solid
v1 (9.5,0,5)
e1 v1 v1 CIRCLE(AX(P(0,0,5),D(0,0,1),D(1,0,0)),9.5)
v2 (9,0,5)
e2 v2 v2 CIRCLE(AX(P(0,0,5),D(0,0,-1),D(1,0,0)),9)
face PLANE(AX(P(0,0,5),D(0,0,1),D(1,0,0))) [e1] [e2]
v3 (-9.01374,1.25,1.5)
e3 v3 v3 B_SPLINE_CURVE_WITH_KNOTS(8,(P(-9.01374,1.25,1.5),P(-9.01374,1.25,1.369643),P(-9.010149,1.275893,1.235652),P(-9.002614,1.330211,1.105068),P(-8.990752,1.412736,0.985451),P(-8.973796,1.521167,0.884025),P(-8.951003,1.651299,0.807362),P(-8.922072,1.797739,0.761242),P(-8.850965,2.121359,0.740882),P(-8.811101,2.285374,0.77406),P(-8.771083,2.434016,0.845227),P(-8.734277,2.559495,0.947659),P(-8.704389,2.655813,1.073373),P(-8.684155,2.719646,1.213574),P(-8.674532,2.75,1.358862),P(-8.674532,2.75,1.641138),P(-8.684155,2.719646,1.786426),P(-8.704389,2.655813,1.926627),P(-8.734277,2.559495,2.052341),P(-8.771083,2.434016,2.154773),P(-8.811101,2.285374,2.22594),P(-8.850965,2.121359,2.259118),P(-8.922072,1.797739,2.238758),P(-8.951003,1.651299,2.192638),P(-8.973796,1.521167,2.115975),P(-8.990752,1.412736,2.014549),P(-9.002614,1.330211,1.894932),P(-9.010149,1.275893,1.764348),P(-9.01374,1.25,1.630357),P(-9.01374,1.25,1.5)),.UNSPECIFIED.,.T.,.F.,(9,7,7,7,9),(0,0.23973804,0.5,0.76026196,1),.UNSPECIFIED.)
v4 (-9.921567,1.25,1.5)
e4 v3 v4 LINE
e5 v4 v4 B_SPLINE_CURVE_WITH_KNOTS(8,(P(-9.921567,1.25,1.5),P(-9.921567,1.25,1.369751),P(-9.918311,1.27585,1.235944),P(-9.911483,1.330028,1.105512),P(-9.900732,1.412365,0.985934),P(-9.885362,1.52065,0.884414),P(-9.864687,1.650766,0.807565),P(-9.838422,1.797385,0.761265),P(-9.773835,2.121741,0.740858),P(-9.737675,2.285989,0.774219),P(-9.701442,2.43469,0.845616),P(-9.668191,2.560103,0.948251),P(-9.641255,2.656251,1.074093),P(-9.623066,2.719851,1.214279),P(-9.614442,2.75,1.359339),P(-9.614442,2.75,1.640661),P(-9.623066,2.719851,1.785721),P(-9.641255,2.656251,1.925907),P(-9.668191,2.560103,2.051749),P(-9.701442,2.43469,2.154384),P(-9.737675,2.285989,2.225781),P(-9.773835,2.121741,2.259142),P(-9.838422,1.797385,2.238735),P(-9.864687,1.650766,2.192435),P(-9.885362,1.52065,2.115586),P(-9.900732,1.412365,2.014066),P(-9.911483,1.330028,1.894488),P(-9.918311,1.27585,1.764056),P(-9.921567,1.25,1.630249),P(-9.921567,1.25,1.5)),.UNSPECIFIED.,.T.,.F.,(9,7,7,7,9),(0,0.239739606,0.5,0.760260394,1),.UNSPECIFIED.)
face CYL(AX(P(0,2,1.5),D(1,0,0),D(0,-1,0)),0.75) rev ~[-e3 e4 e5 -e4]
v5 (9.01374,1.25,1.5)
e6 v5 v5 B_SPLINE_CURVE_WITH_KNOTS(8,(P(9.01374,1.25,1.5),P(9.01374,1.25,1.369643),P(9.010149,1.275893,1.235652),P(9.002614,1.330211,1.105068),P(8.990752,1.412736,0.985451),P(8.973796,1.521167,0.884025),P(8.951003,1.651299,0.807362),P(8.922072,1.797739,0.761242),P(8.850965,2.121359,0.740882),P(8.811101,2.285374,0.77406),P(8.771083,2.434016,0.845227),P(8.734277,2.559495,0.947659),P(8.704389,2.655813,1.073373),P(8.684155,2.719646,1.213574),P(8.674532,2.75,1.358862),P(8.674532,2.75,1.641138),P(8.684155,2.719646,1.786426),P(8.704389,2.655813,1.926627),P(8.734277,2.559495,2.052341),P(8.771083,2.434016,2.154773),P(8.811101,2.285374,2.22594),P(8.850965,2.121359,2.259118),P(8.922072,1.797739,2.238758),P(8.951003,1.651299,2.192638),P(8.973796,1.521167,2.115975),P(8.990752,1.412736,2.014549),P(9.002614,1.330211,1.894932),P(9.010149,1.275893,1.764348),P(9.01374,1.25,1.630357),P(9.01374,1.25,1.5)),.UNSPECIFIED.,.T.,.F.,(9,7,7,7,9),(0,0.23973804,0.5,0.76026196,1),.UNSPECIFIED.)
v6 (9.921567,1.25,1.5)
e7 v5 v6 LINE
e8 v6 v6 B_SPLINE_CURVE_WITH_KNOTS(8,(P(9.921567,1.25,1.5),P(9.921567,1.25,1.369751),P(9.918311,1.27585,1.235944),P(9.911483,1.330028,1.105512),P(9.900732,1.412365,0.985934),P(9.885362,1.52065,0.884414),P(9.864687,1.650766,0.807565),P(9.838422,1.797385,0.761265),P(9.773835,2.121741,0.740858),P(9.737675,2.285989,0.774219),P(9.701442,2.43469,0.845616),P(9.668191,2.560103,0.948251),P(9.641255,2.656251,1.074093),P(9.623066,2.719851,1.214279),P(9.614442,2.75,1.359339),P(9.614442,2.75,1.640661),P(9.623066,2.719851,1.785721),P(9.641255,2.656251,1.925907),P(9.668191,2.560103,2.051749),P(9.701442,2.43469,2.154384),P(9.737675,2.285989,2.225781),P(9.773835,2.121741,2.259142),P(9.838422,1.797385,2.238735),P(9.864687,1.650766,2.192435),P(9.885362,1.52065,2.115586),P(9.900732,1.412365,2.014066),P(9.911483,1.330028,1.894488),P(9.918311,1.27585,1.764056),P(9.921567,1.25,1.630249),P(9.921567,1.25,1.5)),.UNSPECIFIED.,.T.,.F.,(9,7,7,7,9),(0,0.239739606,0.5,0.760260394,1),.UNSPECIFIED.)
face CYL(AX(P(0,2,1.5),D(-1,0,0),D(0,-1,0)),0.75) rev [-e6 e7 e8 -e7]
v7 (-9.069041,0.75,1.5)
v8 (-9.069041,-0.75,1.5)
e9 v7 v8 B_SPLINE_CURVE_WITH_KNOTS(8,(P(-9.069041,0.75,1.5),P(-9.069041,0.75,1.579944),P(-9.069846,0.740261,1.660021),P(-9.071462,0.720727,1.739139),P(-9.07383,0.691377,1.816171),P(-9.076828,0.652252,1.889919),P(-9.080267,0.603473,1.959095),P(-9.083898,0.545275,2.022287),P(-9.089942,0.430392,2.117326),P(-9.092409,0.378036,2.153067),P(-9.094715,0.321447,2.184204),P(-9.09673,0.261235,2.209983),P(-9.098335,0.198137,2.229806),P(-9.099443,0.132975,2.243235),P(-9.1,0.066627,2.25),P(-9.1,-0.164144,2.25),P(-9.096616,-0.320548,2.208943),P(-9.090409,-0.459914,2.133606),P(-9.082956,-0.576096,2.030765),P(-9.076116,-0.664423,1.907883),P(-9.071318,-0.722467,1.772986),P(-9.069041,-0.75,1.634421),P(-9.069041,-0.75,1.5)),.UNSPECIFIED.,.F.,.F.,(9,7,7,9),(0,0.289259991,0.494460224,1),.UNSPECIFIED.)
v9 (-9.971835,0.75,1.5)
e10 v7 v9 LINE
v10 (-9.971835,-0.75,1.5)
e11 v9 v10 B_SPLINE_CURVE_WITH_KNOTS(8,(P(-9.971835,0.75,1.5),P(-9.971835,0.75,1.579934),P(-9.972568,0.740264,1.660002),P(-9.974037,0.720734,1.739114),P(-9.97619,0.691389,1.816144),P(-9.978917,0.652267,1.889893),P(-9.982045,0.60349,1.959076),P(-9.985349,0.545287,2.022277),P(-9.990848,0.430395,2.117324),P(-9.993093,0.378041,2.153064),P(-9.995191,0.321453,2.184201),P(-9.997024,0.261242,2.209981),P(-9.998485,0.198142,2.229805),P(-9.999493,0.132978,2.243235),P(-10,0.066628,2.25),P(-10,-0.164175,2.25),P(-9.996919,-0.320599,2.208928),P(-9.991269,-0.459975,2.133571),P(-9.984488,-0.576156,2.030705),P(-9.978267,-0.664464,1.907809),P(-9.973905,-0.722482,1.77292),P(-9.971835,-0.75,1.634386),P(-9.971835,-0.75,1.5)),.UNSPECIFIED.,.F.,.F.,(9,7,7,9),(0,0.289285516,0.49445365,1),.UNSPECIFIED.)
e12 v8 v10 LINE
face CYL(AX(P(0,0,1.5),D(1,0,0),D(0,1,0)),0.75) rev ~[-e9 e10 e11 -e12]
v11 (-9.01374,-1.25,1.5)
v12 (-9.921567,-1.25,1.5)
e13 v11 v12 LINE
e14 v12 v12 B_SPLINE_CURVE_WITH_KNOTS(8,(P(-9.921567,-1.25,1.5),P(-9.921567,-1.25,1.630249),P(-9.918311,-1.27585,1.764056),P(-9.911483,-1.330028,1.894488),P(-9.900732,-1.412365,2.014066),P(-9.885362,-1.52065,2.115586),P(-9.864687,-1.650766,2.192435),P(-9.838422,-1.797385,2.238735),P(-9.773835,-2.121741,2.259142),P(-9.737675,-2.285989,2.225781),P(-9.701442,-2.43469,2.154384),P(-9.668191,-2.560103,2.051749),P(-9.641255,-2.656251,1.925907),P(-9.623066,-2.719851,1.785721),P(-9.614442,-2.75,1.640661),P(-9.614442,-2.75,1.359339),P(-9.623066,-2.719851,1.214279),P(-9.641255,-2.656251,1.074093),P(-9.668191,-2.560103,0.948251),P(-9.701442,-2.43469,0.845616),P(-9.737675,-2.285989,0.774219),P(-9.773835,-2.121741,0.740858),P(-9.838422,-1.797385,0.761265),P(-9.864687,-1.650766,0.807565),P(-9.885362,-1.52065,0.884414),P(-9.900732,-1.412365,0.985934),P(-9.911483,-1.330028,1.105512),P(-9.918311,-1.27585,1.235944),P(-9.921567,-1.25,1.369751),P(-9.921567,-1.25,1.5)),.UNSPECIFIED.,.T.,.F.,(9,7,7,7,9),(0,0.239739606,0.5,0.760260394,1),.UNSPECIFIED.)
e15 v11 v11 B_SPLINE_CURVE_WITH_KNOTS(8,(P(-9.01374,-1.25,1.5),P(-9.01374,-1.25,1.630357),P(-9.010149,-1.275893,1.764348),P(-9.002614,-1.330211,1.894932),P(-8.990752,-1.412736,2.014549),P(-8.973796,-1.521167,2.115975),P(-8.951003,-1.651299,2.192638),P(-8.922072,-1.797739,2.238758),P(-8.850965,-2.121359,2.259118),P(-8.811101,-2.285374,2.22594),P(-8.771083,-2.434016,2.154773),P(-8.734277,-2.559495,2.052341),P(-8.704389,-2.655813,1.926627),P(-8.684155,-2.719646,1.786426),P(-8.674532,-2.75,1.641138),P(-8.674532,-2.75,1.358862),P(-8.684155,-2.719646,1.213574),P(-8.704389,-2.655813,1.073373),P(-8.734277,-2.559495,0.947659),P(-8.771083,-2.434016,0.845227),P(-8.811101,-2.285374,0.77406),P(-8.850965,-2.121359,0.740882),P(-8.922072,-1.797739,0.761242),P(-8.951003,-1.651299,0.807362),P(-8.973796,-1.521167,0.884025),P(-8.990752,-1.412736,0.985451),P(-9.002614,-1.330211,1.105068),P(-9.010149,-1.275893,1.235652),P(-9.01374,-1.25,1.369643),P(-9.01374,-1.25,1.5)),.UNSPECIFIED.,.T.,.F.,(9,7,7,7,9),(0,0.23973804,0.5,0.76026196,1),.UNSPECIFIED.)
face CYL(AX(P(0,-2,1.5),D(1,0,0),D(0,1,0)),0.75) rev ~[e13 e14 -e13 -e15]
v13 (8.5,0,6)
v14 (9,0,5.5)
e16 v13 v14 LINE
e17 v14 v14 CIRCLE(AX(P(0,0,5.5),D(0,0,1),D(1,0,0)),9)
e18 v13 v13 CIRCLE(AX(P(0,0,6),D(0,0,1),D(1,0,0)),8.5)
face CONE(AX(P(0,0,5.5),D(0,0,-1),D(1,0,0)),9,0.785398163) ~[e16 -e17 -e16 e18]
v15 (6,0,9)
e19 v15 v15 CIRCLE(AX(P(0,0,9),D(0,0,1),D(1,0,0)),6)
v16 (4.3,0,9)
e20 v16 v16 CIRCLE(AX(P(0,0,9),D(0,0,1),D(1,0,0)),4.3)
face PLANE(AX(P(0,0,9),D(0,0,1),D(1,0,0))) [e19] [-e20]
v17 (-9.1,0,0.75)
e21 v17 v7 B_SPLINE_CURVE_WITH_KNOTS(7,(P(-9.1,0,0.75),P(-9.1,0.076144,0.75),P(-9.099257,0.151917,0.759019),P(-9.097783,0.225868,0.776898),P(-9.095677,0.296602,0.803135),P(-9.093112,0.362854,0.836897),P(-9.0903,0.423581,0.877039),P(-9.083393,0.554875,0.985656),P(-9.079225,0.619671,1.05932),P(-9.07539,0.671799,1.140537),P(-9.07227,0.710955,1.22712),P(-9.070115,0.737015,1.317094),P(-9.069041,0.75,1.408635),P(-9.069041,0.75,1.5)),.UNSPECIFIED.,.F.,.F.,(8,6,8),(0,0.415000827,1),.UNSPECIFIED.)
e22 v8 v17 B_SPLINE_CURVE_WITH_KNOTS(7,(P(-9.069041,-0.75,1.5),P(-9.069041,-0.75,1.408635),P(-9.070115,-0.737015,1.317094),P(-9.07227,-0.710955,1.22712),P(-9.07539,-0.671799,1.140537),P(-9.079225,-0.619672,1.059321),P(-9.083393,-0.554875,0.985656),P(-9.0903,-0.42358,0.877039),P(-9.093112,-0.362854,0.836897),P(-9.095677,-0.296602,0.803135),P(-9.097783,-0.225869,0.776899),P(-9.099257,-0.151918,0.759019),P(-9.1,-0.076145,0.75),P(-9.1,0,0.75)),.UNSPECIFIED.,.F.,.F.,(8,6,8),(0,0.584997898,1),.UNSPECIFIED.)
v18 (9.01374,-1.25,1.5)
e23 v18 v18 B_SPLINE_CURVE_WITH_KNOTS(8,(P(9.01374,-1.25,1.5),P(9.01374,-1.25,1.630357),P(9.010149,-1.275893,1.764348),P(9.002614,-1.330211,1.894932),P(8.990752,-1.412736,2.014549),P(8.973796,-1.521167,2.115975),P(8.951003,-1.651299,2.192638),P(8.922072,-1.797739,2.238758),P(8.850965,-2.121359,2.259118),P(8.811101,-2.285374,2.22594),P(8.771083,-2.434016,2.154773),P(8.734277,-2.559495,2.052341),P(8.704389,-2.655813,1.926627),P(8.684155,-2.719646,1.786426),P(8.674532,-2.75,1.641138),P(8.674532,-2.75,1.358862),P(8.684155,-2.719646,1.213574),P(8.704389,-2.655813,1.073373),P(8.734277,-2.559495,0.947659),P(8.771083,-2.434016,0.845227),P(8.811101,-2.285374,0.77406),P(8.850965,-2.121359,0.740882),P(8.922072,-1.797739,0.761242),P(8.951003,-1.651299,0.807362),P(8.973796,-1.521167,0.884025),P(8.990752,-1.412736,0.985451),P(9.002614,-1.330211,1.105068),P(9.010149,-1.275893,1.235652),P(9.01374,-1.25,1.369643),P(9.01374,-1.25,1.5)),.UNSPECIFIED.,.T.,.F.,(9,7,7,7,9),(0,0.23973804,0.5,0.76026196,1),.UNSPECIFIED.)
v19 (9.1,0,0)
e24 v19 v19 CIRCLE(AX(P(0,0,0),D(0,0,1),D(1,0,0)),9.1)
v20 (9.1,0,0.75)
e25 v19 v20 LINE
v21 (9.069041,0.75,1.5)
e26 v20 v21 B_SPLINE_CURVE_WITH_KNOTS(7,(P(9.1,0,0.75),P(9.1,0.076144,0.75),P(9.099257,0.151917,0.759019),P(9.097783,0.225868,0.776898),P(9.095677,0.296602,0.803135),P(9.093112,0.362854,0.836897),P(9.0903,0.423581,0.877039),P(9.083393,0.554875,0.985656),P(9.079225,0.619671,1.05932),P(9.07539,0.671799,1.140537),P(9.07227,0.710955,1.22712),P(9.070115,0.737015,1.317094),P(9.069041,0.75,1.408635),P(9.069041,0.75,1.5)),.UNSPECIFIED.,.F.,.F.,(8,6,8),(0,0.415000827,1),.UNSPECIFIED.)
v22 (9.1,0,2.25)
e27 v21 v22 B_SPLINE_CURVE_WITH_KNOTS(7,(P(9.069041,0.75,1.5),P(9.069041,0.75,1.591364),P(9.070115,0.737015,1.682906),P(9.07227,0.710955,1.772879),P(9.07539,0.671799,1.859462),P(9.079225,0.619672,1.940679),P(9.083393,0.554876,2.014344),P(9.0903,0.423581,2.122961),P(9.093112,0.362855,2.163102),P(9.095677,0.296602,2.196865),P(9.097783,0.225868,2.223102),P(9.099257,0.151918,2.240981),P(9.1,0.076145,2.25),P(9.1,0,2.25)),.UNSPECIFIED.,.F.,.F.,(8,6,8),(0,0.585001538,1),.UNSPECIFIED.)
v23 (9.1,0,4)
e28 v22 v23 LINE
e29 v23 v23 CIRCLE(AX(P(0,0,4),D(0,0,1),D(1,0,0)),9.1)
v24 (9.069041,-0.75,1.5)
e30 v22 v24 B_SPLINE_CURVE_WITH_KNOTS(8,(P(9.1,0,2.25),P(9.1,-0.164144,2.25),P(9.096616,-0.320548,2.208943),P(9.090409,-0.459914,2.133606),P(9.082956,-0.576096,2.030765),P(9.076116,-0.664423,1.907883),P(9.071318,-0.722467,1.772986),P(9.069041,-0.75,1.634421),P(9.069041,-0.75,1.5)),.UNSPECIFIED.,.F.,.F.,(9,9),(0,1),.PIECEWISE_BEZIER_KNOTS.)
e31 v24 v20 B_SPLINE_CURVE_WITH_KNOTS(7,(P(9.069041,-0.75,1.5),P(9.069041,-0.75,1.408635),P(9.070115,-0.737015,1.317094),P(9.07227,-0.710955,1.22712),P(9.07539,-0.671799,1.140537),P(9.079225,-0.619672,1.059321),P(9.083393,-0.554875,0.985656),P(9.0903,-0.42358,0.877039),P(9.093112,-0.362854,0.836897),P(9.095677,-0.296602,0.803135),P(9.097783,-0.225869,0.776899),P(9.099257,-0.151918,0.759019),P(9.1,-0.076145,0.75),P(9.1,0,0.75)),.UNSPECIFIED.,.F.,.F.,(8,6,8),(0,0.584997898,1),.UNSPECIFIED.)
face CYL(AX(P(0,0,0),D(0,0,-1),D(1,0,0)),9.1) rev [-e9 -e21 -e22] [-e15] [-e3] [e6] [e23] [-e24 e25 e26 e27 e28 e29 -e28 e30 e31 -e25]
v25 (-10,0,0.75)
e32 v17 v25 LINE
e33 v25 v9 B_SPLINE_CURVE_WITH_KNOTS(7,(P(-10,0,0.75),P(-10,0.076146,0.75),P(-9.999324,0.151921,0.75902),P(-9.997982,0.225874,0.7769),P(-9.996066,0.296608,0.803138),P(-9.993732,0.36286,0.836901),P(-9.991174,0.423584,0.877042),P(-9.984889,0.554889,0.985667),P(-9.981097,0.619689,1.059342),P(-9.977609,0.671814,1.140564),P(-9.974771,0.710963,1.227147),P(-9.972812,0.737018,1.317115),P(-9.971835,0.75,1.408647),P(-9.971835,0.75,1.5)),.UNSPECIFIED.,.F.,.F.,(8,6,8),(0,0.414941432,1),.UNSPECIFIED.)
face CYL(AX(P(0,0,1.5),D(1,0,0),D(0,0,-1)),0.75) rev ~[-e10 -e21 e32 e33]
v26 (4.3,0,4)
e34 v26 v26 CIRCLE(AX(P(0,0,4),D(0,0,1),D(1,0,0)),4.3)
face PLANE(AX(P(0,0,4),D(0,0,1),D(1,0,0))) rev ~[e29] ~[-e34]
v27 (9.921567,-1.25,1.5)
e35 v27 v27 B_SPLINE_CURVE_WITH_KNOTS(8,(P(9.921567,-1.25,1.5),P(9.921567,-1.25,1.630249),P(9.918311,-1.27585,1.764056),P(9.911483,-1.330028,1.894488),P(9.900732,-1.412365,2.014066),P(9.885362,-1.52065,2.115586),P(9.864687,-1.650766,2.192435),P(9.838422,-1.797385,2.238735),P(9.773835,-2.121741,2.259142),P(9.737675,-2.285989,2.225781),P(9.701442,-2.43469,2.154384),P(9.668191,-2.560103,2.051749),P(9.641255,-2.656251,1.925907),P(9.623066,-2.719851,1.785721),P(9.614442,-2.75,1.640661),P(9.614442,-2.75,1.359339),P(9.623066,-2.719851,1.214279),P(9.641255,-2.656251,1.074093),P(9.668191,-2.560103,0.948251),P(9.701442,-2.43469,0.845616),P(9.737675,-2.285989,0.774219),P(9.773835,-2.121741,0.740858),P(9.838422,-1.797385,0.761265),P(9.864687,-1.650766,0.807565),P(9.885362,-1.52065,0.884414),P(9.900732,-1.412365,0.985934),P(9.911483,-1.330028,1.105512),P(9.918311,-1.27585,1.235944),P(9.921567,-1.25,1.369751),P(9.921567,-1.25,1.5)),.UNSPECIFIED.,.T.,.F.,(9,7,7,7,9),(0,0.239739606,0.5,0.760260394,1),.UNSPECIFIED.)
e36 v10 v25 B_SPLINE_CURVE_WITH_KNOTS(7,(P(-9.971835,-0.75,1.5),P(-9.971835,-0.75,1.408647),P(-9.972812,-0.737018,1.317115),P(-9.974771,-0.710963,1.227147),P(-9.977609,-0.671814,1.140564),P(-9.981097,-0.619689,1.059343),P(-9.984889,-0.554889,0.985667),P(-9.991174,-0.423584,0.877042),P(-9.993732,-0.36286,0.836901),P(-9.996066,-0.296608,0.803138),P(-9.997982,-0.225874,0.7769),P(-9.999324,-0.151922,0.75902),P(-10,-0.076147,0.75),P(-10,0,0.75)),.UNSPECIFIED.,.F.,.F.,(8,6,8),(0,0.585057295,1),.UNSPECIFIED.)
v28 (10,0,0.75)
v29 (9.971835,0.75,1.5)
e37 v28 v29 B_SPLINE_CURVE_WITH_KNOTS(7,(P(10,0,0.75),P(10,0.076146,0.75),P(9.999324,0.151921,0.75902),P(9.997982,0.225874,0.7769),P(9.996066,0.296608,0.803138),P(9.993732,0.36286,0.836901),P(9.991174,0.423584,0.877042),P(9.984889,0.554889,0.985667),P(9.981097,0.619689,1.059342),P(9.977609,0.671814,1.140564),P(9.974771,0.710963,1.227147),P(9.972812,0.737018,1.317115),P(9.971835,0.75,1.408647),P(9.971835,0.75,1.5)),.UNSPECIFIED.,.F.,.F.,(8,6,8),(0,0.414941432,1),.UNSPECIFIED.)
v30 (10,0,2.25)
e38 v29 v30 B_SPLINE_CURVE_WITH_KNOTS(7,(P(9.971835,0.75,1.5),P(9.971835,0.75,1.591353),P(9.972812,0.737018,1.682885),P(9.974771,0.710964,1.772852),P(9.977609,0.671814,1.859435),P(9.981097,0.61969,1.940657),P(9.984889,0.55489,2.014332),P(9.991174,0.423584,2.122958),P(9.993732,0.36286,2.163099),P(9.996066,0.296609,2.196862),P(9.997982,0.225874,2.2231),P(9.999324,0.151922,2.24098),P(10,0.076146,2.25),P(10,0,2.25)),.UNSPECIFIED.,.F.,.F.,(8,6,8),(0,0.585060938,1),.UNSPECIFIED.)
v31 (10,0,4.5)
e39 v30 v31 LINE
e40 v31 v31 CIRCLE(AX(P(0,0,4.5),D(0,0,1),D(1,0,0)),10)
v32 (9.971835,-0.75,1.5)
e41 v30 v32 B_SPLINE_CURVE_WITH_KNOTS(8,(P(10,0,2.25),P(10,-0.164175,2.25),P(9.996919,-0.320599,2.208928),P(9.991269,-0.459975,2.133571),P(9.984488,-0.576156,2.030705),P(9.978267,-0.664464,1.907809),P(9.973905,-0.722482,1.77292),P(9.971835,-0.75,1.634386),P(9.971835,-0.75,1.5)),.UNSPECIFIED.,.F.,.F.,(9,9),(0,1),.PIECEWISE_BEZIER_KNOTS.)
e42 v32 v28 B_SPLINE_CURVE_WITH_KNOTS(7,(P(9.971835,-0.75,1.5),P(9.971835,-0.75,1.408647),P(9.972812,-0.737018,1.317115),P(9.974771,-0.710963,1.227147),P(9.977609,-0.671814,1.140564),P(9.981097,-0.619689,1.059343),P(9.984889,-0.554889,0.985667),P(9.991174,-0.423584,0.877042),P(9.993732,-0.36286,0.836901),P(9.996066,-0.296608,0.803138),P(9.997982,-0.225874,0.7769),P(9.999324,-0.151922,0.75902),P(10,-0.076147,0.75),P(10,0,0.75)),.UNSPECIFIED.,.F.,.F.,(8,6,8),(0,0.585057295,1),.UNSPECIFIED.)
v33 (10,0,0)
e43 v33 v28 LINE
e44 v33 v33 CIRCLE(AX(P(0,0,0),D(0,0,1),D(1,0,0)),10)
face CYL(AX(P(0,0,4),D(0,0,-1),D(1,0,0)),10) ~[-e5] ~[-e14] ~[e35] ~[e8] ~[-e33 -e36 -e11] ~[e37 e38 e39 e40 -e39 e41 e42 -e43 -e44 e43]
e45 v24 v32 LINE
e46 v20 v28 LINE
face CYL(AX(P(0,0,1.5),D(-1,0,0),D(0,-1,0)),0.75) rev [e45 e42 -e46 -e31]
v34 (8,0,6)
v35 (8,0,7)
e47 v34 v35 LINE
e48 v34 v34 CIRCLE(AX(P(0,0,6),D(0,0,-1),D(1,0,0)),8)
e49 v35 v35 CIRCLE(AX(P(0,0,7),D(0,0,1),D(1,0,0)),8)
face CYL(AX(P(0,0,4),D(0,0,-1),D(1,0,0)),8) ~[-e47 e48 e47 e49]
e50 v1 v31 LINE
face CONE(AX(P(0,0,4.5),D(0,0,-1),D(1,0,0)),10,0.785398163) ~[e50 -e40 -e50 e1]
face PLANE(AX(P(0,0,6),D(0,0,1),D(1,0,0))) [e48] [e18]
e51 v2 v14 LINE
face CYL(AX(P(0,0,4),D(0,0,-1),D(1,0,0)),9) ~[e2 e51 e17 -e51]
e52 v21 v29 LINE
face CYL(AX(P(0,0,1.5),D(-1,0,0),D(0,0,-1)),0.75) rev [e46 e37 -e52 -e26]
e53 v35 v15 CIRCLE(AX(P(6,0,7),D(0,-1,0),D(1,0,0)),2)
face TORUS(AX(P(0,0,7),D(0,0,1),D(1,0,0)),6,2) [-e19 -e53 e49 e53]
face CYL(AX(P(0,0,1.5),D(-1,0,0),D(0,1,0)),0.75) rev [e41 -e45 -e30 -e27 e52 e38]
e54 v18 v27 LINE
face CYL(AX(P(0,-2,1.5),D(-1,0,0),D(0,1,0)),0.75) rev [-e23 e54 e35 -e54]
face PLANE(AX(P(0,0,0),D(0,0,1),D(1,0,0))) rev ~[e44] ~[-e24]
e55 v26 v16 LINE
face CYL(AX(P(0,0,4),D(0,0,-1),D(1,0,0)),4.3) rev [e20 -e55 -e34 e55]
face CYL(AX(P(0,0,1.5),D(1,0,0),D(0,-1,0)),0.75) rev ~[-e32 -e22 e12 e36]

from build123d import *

# Parameters (mm, degrees)
F0_R          = 10
F0_R_2        = 9.1
F1_DEPTH      = 4
F2_R          = 0.75
F3_DEPTH      = 25
F3_DEPTH_BACK = 25
F4_R          = 10
F4_R_2        = 9.1
F4_R_3        = 9
F4_R_4        = 8
F4_R_5        = 4.3
F5_DEPTH      = 1
F6_DEPTH      = 2
F7_DEPTH      = 5
F8_SIZE       = 0.5
F9_R          = 2


with BuildPart() as f1:
    # F0 (on Top) → F1 (new body)
    with BuildSketch(Plane.XY):
        Circle(F0_R)
        Circle(F0_R_2, mode=Mode.SUBTRACT)
    extrude(amount=F1_DEPTH)

    # F2 (on Right) → F3 (cut, two sides)
    with BuildSketch(Plane.YZ) as f3_sk:
        with BuildLine():
            ThreePointArc((-0.75, 1.5), (-0.5303300859, 0.9696699141), (0, 0.75))
            Line((0, 0.75), (0, 1.5))
            Line((0, 1.5), (-0.75, 1.5))
        make_face()
        with BuildLine():
            Line((0, 1.5), (0, 0.75))
            ThreePointArc((0, 0.75), (0.5303300859, 0.9696699141), (0.75, 1.5))
            Line((0.75, 1.5), (0, 1.5))
        make_face()
        with BuildLine():
            Line((-0.75, 1.5), (0, 1.5))
            Line((0, 1.5), (0.75, 1.5))
            ThreePointArc((0.75, 1.5), (0, 2.25), (-0.75, 1.5))
        make_face()
        with Locations((-2, 1.5)):
            Circle(F2_R)
        with BuildLine():
            ThreePointArc((2.75, 1.5), (2, 2.25), (1.25, 1.5))
            ThreePointArc((1.25, 1.5), (2, 0.75), (2.75, 1.5))
        make_face()
    extrude(amount=-F3_DEPTH, mode=Mode.SUBTRACT)
    extrude(f3_sk.sketch, amount=F3_DEPTH_BACK, mode=Mode.SUBTRACT)

    # F4 (on face) → F5 (join)
    with BuildSketch(Plane.XY.offset(4)):
        Circle(F4_R)
        Circle(F4_R_2, mode=Mode.SUBTRACT)
        Circle(F4_R_2)
        Circle(F4_R_3, mode=Mode.SUBTRACT)
        Circle(F4_R_3)
        Circle(F4_R_4, mode=Mode.SUBTRACT)
        Circle(F4_R_4)
        Circle(F4_R_5, mode=Mode.SUBTRACT)
    extrude(amount=F5_DEPTH)

    # F4 (on face) → F6 (join)
    with BuildSketch(Plane.XY.offset(4)):
        Circle(F4_R_3)
        Circle(F4_R_4, mode=Mode.SUBTRACT)
        Circle(F4_R_4)
        Circle(F4_R_5, mode=Mode.SUBTRACT)
    extrude(amount=F6_DEPTH)

    # F4 (on face) → F7 (join)
    with BuildSketch(Plane.XY.offset(4)):
        Circle(F4_R_4)
        Circle(F4_R_5, mode=Mode.SUBTRACT)
    extrude(amount=F7_DEPTH)

    # F8
    f8_edges = [f1.edges().sort_by_distance(p)[0] for p in [
        (-10, 0, 5),
        (-9, 0, 6),
    ]]
    chamfer(f8_edges, length=F8_SIZE)

    # F9
    f9_edges = [f1.edges().sort_by_distance(p)[0] for p in [
        (-8, 0, 9),
    ]]
    fillet(f9_edges, radius=F9_R)


solid = f1.part
